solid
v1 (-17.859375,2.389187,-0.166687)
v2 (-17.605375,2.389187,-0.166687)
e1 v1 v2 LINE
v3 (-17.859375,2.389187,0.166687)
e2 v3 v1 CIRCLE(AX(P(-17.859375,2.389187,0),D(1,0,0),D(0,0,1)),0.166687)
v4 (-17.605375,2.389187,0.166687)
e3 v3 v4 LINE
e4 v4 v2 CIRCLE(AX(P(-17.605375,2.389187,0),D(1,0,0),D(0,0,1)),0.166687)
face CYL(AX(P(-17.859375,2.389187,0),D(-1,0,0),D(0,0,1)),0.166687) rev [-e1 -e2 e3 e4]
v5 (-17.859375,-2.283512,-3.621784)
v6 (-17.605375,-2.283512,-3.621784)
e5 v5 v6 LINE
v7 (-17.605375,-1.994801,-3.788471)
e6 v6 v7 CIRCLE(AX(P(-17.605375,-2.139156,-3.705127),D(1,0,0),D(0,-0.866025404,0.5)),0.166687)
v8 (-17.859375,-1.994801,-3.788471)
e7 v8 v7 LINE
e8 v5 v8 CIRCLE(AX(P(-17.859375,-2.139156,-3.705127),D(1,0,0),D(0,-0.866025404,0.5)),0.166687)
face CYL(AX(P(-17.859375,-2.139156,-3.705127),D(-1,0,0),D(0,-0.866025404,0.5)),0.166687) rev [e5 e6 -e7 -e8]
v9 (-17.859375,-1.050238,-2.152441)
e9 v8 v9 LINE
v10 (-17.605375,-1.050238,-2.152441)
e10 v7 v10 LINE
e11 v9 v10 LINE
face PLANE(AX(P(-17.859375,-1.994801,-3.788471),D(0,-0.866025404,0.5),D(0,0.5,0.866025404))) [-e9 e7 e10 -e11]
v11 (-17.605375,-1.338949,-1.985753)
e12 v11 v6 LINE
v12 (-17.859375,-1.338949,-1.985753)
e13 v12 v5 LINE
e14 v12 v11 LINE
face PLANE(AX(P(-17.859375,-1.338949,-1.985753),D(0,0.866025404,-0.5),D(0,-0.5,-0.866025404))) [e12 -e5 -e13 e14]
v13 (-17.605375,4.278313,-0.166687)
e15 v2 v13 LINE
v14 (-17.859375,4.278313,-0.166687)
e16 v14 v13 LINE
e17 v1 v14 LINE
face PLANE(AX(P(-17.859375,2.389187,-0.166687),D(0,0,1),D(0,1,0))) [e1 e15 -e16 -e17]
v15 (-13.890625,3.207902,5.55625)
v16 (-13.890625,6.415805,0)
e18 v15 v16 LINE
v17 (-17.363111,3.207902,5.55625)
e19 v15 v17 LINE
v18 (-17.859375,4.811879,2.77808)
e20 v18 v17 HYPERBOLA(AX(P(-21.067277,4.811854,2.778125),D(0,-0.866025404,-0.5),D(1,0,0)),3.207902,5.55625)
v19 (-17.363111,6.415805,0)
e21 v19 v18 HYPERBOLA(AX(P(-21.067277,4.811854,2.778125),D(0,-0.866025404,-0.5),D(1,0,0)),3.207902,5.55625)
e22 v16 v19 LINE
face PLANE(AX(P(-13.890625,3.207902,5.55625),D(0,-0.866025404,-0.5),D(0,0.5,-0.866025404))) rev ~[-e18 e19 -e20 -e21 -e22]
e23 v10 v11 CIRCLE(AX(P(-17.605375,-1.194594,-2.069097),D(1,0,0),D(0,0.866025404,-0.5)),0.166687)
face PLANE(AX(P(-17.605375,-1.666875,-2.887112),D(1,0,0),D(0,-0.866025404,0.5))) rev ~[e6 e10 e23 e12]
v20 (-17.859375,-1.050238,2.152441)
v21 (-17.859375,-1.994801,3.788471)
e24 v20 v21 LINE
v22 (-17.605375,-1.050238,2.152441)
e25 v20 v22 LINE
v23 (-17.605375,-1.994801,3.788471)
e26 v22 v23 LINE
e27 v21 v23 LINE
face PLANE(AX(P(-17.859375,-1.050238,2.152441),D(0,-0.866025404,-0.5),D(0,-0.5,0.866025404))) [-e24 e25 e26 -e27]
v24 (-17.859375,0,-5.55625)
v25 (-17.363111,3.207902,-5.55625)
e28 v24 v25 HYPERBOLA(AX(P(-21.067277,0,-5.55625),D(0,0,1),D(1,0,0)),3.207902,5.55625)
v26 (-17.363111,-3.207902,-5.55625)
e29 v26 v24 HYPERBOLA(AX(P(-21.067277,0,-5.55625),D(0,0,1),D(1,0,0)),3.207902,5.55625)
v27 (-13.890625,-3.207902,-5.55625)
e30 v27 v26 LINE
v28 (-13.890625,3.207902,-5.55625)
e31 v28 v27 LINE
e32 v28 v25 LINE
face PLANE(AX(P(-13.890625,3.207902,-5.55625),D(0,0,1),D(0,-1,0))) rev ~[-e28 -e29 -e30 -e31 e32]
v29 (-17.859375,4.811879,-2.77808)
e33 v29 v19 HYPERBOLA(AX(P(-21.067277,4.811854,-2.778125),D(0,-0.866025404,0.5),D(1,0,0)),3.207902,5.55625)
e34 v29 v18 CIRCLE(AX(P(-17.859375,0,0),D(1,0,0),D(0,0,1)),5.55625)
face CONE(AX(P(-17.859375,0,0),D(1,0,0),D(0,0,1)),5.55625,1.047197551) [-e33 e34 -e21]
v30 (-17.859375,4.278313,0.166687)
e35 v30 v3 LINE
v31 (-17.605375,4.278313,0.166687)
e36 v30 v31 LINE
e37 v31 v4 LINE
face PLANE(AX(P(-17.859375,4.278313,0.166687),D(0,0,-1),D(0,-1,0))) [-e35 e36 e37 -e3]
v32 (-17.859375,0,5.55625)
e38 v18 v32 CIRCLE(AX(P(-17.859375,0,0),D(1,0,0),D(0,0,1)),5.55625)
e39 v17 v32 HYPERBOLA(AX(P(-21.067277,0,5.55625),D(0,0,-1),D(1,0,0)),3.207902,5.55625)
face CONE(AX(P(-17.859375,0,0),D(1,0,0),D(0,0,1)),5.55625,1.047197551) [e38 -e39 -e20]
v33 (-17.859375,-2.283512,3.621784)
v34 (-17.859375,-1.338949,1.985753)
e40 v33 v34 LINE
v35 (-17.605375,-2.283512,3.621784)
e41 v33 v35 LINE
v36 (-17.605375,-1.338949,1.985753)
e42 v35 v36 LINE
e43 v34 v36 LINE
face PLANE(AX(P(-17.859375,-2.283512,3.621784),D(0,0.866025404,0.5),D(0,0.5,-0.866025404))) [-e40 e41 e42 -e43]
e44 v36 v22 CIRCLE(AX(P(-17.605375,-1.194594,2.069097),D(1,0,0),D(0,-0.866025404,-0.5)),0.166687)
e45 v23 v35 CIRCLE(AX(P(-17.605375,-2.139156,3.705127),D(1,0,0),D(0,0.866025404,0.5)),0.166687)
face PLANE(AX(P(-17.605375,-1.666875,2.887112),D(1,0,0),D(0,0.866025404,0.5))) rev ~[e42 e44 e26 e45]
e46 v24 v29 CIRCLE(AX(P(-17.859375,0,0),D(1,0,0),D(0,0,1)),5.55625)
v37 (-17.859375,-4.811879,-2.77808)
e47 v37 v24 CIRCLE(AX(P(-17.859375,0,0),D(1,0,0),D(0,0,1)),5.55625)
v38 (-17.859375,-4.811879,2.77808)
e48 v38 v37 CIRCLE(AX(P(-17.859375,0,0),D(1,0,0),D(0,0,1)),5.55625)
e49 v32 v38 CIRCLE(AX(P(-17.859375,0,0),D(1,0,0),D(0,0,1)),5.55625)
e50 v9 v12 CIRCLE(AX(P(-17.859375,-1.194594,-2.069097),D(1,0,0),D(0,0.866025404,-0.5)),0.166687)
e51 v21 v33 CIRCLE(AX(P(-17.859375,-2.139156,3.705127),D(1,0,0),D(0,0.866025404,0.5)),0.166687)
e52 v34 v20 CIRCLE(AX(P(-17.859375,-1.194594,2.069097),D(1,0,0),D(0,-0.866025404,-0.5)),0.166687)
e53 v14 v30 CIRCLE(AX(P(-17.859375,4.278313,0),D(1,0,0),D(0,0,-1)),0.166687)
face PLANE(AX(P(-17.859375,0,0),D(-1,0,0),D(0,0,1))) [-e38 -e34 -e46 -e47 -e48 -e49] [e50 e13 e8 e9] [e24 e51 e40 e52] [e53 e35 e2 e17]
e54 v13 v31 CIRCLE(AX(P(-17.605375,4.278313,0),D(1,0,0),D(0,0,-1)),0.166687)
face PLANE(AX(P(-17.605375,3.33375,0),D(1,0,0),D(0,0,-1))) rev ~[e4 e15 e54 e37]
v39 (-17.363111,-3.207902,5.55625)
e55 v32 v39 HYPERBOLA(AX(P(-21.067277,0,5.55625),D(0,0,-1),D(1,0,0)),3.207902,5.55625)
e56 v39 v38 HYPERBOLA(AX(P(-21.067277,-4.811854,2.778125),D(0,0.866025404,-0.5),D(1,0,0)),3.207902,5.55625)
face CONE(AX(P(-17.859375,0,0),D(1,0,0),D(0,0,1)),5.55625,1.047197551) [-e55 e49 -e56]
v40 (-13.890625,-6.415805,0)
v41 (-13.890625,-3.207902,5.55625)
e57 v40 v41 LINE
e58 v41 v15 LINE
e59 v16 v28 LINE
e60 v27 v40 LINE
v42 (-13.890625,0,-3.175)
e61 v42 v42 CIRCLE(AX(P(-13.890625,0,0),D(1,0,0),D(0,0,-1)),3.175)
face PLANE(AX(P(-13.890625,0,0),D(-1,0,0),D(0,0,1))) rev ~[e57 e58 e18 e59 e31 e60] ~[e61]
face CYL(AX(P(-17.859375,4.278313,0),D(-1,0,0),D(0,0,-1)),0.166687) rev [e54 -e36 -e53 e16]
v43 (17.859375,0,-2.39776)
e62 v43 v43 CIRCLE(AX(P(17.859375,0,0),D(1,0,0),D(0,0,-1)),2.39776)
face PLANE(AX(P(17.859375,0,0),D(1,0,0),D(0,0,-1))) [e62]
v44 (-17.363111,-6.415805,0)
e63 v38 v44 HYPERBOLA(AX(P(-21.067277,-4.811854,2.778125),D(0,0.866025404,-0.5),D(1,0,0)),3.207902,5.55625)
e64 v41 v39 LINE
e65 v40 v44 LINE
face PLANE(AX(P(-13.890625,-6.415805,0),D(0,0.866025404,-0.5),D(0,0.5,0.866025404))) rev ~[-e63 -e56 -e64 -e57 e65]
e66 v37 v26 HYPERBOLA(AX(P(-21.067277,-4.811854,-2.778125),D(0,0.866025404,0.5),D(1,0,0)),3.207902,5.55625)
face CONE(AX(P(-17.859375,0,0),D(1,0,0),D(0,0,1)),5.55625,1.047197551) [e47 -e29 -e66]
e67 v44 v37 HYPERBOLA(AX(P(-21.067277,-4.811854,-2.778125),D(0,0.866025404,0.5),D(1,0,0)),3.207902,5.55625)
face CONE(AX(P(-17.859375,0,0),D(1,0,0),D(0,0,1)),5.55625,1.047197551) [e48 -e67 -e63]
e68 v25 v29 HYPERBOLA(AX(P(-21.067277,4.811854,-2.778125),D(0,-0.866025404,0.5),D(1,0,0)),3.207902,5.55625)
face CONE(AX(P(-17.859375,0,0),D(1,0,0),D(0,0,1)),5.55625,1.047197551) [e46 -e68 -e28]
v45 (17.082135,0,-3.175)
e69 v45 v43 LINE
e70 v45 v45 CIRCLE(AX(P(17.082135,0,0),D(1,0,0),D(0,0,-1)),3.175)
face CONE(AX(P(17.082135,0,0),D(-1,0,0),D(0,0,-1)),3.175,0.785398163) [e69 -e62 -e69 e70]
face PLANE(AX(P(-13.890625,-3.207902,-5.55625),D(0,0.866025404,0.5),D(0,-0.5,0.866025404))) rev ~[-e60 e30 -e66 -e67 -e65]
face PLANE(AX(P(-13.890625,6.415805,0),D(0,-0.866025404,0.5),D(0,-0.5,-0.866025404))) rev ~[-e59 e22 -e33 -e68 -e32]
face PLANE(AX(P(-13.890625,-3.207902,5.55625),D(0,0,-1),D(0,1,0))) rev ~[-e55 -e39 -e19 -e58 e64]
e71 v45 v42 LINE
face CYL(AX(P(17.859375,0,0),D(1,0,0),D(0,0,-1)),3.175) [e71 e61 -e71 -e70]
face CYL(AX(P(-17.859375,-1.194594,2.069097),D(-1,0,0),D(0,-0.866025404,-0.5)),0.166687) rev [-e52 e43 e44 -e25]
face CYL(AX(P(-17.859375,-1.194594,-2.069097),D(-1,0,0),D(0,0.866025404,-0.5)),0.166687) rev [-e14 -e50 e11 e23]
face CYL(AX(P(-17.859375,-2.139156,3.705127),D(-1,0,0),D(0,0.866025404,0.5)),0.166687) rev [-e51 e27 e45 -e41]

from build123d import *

# Parameters (mm, degrees)
SKETCH5_R           = 3.175
BOSS_EXTRUDE3_DEPTH = 31.75
CHAMFER1_SIZE       = 0.77724
BOSS_EXTRUDE4_DEPTH = 3.96875
SKETCH8_OUTSIDE_W   = 148.218
SKETCH8_OUTSIDE_H   = 149.938
SKETCH8_OUTSIDE_R   = 5.55625
CUT_EXTRUDE3_DEPTH  = 36.71875
CUT_EXTRUDE3_TAPER  = 60
CUT_EXTRUDE4_DEPTH  = 0.254
CIRPATTERN1_COUNT   = 3


with BuildPart() as part:
    # Sketch5 → Boss-Extrude3 (new body)
    with BuildSketch(Plane(origin=(17.859375, 0, 0), x_dir=(0, 0, -1), z_dir=(1, 0, 0))):
        Circle(SKETCH5_R)
    extrude(amount=-BOSS_EXTRUDE3_DEPTH)

    # Chamfer1
    chamfer1_edges = [part.edges().sort_by_distance(p)[0] for p in [
        (17.859375, 0, 3.175),
    ]]
    chamfer(chamfer1_edges, length=CHAMFER1_SIZE)

    # Sketch6 → Boss-Extrude4 (add)
    with BuildSketch(Plane.ZY.offset(13.890625)):
        Polygon((5.55625, 3.207902433), (0, 6.415804866), (-5.55625, 3.207902433), (-5.55625, -3.207902433), (0, -6.415804866), (5.55625, -3.207902433), align=None)
    extrude(amount=BOSS_EXTRUDE4_DEPTH)

    # Sketch8 outside → Cut-Extrude3 (cut, through all)
    with BuildSketch(Plane.ZY.offset(17.859375)):
        Rectangle(SKETCH8_OUTSIDE_W, SKETCH8_OUTSIDE_H)
        Circle(SKETCH8_OUTSIDE_R, mode=Mode.SUBTRACT)
    extrude(amount=-CUT_EXTRUDE3_DEPTH, taper=CUT_EXTRUDE3_TAPER, mode=Mode.SUBTRACT)

    # Sketch12 → Cut-Extrude4 (cut)
    with BuildSketch(Plane.ZY.offset(17.859375)):
        with BuildLine():
            Line((0.1666875, 4.2783125), (0.1666875, 2.3891875))
            ThreePointArc((0.1666875, 2.3891875), (0, 2.2225), (-0.1666875, 2.3891875))
            Line((-0.1666875, 2.3891875), (-0.1666875, 4.2783125))
            ThreePointArc((-0.1666875, 4.2783125), (0, 4.445), (0.1666875, 4.2783125))
        make_face()
    cut_extrude4 = extrude(amount=-CUT_EXTRUDE4_DEPTH, mode=Mode.SUBTRACT)

    # CirPattern1: Cut-Extrude4 ×3 about axis
    cirpattern1_axis = Axis((0, 0, 0), (1, 0, 0))
    for i in range(1, CIRPATTERN1_COUNT):
        add(cut_extrude4.rotate(cirpattern1_axis, i * 360 / CIRPATTERN1_COUNT), mode=Mode.SUBTRACT)


solid = part.part
